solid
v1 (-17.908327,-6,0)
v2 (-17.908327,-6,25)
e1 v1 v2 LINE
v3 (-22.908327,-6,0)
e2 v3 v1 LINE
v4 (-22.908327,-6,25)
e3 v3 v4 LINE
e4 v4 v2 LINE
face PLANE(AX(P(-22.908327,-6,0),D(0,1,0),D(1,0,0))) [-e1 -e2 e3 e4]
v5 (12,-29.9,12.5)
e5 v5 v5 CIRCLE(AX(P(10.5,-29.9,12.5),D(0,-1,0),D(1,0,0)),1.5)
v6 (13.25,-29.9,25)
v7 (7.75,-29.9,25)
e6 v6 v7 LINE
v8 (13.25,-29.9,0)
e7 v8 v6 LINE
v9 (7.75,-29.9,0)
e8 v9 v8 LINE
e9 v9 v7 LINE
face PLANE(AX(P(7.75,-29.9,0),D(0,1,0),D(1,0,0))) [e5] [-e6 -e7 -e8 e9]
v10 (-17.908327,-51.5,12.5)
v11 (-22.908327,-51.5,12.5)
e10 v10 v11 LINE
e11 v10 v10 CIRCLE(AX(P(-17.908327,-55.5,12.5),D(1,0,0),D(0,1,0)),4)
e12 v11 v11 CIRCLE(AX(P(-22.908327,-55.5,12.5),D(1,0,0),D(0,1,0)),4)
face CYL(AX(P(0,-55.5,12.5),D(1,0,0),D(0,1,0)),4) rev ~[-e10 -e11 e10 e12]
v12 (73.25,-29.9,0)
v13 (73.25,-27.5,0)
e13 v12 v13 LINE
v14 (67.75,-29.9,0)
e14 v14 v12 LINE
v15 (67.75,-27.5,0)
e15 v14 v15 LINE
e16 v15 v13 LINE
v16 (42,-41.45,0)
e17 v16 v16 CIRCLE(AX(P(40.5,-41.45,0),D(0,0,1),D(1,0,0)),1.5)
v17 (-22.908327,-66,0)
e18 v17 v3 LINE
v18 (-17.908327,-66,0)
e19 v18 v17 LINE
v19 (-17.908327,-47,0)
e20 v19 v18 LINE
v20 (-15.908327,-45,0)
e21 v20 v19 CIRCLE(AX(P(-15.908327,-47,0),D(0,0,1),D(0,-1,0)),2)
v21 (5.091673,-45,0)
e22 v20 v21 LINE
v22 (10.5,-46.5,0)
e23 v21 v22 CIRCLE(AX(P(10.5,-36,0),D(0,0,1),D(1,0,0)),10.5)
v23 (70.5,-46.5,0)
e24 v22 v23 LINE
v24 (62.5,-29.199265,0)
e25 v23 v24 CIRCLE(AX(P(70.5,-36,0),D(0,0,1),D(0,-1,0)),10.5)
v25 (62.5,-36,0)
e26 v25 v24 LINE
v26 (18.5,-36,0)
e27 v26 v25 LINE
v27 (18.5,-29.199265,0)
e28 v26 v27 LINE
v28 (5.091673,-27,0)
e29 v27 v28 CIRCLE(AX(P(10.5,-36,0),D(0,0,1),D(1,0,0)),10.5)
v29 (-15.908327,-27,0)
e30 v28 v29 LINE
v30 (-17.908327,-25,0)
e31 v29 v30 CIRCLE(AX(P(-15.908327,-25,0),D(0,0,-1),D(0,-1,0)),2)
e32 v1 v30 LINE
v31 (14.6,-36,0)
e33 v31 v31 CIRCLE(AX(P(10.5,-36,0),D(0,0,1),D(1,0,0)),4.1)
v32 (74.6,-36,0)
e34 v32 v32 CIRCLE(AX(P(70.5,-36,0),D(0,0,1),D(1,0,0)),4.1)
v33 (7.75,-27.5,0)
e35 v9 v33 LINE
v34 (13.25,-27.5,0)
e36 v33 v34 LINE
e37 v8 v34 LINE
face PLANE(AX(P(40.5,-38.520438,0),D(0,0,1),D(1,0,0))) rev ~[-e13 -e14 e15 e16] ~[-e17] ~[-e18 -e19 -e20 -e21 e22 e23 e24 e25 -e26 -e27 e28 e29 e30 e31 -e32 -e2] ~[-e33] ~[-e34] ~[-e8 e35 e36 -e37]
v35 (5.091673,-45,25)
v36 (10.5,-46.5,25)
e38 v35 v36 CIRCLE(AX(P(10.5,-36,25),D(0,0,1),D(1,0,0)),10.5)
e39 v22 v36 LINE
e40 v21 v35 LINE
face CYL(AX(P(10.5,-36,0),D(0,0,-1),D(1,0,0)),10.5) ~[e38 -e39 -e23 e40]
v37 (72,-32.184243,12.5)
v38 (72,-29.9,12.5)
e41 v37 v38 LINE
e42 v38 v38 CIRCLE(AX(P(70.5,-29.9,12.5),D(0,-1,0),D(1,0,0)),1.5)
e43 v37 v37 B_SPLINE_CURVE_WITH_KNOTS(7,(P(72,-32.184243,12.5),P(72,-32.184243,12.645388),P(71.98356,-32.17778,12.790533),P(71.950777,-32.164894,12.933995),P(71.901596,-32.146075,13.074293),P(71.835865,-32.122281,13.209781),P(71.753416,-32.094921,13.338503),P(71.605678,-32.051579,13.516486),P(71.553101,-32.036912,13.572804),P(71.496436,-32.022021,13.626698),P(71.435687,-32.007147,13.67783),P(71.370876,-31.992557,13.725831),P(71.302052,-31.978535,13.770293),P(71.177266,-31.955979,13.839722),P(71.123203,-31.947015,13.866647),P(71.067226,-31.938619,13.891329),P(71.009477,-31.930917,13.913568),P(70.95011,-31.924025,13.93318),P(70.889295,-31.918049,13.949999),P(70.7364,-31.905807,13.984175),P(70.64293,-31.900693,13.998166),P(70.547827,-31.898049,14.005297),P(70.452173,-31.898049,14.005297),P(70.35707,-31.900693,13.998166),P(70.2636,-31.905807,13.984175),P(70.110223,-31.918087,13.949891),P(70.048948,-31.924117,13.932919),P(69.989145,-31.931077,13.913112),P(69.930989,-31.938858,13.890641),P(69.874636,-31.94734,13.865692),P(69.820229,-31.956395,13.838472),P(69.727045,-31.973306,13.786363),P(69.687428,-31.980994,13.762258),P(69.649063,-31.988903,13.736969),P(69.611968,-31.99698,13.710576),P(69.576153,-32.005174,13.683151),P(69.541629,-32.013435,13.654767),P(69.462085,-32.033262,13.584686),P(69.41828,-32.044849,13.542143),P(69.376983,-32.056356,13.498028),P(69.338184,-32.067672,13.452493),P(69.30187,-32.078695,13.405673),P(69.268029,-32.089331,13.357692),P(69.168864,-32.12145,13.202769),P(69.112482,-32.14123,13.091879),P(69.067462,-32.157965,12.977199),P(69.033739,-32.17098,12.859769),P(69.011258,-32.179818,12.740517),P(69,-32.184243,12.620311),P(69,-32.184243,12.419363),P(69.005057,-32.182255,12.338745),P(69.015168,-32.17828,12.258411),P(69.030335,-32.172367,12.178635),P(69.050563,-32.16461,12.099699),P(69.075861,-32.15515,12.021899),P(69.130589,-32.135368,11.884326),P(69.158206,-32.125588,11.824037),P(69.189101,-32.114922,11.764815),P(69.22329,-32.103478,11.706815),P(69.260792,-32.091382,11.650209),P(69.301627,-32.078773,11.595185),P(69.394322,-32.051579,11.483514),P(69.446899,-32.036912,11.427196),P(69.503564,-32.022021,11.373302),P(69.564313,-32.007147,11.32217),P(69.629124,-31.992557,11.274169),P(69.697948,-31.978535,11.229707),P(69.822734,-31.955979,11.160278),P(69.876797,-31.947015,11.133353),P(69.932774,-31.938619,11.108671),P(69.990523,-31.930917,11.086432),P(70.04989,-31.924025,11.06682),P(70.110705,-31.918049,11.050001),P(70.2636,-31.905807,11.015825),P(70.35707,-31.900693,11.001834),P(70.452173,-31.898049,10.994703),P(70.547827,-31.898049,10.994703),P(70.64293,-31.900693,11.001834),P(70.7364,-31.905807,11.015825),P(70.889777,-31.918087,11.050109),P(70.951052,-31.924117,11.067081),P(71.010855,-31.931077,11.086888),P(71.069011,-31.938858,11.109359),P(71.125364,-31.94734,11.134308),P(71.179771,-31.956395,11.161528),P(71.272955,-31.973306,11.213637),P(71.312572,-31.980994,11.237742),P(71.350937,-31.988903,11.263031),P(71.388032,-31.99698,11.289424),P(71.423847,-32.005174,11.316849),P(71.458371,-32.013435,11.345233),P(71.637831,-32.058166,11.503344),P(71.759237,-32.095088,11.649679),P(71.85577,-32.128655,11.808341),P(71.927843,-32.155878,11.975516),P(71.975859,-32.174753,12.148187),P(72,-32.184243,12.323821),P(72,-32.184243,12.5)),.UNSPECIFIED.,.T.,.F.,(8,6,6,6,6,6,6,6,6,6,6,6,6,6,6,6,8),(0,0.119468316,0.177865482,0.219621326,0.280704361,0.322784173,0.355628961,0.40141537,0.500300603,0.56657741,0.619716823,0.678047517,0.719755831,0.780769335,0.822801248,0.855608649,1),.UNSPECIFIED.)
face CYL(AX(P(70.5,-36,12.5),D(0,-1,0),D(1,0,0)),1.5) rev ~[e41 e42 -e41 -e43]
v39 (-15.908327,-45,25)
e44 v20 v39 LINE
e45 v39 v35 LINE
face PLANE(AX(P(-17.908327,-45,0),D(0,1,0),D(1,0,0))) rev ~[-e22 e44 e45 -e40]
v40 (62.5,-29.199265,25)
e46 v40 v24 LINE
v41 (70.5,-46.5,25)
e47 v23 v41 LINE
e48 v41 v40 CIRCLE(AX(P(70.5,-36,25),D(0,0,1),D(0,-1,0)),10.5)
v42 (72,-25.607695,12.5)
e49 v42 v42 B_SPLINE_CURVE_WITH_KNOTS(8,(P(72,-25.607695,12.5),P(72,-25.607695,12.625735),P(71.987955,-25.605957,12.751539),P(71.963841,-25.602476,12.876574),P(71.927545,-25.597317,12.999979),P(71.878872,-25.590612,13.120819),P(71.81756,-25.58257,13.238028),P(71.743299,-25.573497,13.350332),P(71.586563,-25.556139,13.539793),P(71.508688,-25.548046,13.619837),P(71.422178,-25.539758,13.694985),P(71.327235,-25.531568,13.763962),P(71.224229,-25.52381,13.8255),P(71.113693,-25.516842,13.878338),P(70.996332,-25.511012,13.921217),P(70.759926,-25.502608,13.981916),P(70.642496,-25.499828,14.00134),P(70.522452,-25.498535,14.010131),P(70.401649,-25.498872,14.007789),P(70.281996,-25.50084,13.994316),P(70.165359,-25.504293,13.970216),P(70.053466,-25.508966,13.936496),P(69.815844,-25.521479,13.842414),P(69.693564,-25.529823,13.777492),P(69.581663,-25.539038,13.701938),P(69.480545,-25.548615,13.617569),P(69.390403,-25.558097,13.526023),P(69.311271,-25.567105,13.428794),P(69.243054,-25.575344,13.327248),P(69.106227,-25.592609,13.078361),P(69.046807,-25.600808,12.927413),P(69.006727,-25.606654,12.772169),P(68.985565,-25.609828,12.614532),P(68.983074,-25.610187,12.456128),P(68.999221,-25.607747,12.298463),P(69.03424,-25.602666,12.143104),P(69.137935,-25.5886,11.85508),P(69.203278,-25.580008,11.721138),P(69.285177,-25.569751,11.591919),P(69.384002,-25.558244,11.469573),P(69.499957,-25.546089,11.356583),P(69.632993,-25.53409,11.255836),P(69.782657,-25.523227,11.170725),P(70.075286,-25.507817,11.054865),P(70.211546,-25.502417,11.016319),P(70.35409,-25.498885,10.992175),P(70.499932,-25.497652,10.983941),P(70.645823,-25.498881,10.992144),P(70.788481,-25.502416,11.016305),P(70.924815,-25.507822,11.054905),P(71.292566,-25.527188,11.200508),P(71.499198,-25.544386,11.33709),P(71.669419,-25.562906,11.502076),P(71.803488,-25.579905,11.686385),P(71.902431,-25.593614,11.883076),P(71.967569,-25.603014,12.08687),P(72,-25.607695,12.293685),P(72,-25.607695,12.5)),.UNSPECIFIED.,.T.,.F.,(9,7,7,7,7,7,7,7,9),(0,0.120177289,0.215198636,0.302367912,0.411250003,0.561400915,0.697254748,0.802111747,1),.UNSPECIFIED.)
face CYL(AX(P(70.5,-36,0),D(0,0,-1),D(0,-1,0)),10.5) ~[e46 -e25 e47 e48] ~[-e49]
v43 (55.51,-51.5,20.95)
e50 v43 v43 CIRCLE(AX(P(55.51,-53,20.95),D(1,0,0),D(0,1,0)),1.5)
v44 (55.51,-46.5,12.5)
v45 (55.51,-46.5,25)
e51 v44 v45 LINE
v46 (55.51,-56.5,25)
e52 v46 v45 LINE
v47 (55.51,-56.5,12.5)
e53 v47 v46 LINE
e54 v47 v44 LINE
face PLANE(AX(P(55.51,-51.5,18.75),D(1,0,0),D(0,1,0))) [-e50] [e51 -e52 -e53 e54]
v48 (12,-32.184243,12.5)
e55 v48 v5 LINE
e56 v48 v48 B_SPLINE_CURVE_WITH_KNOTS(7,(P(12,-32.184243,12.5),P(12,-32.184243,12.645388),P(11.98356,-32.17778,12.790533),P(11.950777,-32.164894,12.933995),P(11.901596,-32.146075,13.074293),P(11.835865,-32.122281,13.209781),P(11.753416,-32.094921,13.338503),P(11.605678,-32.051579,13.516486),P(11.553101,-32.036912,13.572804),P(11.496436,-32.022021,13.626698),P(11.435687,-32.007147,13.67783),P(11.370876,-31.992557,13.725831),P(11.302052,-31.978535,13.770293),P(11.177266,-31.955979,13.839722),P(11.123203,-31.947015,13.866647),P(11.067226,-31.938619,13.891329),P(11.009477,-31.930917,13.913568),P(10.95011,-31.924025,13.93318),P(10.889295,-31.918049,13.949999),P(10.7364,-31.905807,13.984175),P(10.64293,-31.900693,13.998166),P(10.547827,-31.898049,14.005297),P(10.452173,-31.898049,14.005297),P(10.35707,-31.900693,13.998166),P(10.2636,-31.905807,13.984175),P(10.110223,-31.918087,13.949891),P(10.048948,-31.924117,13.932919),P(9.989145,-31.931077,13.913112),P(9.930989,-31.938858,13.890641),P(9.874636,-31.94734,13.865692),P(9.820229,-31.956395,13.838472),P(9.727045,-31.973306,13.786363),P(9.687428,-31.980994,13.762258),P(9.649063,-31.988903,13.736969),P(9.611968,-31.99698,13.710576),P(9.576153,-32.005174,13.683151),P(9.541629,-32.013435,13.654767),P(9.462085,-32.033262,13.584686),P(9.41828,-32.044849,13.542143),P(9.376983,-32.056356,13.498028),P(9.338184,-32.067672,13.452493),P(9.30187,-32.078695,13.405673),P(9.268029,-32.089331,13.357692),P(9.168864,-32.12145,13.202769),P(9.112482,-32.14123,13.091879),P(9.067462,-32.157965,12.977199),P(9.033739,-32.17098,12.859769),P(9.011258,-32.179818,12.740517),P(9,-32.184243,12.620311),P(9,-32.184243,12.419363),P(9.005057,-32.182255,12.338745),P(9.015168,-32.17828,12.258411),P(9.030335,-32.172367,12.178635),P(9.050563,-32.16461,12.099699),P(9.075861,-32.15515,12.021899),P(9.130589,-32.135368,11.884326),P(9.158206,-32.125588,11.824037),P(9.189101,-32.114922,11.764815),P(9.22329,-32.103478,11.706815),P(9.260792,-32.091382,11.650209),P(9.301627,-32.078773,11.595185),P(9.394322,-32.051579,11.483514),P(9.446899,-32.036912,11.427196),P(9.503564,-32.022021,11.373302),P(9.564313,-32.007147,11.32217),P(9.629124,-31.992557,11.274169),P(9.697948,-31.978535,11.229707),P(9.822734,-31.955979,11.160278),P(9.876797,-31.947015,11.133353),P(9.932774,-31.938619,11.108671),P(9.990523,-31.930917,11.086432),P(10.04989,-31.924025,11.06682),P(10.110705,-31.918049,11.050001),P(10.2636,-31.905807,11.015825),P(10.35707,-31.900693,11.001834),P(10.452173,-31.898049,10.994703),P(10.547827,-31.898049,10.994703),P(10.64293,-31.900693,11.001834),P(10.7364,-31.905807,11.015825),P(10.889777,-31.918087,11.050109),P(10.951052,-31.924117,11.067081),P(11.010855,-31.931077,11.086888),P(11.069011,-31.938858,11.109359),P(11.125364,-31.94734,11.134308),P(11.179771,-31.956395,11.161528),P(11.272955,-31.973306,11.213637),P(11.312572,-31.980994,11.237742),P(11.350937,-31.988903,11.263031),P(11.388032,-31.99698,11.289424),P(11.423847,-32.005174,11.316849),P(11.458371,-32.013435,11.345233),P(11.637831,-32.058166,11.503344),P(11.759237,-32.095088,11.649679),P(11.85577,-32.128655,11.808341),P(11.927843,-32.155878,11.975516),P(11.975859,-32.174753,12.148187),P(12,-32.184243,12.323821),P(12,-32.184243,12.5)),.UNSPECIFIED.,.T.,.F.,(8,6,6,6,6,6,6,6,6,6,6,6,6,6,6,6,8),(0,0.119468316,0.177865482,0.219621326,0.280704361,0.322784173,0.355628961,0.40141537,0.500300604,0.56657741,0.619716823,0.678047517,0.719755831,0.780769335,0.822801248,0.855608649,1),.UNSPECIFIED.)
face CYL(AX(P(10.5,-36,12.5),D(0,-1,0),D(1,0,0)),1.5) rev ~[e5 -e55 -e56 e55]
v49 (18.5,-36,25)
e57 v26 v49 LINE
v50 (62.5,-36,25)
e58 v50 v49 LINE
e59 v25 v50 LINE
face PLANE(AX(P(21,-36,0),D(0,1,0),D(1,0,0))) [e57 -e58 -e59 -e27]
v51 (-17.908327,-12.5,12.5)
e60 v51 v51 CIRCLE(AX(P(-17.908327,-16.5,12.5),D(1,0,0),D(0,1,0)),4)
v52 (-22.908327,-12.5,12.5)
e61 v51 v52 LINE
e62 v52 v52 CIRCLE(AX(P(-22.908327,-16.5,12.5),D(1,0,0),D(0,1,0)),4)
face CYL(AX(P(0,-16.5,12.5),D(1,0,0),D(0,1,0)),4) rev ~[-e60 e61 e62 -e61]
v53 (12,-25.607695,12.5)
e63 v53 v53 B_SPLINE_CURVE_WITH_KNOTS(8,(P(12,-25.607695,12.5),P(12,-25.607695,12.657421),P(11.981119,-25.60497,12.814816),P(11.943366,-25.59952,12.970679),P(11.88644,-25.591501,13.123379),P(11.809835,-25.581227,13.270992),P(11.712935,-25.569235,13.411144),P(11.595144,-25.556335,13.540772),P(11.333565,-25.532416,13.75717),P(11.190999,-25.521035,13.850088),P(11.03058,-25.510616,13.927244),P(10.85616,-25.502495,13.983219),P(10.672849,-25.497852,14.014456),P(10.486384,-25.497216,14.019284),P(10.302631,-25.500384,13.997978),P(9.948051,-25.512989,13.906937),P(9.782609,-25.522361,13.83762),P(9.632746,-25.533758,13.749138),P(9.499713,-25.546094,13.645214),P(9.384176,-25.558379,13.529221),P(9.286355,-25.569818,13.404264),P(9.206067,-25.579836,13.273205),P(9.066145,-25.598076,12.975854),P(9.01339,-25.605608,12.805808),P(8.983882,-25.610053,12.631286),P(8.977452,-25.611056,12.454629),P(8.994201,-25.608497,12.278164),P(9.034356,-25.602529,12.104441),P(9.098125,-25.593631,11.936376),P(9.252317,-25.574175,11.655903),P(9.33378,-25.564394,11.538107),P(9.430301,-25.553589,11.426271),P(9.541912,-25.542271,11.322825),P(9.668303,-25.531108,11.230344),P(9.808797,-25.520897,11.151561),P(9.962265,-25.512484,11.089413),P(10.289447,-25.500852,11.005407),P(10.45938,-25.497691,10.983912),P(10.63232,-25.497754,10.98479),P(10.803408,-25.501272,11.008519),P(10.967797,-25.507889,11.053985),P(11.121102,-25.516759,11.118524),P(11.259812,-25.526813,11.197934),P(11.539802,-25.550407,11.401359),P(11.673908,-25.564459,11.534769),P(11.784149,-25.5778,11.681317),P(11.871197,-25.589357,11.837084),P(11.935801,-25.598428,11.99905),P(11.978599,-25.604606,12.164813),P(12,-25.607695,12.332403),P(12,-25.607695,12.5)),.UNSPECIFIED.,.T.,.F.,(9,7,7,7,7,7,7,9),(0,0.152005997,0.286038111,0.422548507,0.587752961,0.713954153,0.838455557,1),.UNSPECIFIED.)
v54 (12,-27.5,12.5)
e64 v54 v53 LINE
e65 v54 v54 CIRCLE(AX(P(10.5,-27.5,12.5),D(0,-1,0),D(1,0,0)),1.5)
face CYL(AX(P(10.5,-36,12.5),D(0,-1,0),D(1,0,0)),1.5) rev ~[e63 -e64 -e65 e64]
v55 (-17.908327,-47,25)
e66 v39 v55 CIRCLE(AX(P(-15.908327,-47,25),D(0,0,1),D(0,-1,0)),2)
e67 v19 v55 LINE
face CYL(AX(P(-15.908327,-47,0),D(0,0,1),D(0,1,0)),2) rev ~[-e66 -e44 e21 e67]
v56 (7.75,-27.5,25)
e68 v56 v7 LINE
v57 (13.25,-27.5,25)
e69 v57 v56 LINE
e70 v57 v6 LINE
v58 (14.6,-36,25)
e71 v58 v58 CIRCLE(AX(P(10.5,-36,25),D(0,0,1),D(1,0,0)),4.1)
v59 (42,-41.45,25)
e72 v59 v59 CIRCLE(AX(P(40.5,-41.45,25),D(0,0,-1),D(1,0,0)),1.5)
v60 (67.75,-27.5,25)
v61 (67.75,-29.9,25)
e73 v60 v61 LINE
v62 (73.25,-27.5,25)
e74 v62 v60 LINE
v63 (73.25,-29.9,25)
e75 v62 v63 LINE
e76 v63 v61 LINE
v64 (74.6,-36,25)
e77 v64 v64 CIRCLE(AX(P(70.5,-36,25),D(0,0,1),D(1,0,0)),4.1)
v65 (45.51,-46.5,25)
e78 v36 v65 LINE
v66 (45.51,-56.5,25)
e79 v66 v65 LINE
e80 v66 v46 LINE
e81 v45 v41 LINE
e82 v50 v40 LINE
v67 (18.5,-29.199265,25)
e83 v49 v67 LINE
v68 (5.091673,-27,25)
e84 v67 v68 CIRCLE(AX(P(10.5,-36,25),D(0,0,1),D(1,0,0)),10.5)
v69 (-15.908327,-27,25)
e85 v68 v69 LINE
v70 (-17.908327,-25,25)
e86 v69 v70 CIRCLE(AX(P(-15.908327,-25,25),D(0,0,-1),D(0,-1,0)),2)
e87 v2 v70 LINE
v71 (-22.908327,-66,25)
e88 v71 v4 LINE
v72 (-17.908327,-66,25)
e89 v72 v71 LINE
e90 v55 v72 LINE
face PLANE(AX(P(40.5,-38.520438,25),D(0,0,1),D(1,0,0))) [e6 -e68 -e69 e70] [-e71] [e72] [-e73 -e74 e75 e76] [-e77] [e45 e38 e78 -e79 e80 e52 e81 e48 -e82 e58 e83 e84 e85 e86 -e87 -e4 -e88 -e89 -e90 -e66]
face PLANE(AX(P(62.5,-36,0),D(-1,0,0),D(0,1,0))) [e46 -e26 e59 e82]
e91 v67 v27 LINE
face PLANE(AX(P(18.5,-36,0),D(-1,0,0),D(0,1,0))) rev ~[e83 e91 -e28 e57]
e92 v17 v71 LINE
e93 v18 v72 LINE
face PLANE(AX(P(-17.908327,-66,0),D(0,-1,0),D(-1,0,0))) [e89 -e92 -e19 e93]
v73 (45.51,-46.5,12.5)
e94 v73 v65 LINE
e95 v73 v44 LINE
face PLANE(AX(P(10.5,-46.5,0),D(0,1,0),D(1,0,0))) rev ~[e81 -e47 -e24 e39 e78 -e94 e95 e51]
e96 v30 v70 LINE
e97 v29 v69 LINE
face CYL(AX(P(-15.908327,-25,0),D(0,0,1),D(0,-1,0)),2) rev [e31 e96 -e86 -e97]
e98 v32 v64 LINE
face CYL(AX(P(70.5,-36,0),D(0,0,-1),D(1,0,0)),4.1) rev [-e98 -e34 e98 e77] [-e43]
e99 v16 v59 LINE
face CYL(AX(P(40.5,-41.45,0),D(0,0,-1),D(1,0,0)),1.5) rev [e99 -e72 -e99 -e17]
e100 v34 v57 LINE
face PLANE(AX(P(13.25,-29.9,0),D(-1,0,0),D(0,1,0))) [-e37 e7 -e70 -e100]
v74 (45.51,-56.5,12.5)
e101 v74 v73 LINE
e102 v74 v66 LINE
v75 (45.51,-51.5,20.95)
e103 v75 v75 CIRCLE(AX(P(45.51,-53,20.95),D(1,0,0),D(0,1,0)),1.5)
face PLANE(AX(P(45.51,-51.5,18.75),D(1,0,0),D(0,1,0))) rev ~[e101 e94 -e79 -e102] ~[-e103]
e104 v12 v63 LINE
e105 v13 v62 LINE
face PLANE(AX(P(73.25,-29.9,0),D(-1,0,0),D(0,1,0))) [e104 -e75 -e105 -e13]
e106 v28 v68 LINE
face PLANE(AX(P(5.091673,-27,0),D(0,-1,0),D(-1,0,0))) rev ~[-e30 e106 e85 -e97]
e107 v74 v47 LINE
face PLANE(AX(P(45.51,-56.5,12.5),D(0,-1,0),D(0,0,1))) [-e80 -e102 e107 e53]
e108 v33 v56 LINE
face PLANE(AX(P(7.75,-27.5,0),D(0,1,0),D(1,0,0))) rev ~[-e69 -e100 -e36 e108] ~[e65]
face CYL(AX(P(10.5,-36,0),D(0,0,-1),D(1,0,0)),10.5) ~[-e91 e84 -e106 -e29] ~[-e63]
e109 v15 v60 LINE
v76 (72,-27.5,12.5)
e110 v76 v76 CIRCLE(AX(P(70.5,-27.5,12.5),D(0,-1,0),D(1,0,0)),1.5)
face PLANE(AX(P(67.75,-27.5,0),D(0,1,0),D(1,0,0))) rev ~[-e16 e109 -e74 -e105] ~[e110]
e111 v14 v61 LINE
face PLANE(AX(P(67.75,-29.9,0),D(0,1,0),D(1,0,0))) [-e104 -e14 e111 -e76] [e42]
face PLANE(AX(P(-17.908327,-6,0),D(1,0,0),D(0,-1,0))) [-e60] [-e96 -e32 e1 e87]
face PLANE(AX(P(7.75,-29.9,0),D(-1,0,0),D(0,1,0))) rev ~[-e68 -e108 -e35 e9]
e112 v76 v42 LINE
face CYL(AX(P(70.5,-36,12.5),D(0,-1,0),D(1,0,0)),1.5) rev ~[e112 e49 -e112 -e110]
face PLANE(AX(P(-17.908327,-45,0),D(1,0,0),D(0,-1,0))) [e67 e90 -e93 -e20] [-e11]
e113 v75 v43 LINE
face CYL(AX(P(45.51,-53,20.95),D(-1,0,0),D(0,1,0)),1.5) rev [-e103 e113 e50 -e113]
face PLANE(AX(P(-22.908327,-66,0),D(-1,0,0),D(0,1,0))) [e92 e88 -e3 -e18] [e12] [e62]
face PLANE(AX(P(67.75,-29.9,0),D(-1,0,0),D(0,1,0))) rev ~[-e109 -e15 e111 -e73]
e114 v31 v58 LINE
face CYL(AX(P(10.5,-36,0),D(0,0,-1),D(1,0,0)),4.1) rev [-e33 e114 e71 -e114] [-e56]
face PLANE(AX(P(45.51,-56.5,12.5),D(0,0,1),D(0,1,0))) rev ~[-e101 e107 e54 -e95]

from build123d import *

# Parameters (mm, degrees)
SKETCH005_R          = 4.1
PAD004_DEPTH         = 25
SKETCH010_W          = 44
SKETCH010_H          = 50
POCKET003_DEPTH      = 25
PAD008_DEPTH         = 25
SKETCH018_W          = 10
SKETCH018_H          = 12.5
SKETCH018_R          = 1.5
PAD009_DEPTH         = 10
SKETCH019_R          = 1.5
POCKET009_DEPTH      = 0.001
POCKET009_DEPTH_BACK = 25.001
SKETCH020_W          = 5.5
SKETCH020_H          = 2.4
POCKET010_DEPTH      = 0.001
POCKET010_DEPTH_BACK = 25.001
SKETCH021_R          = 1.5
POCKET011_DEPTH      = 30.001
SKETCH043_R          = 4
POCKET027_DEPTH      = 22.9093269132
FILLET_R             = 2


with BuildPart() as part:
    # Sketch005 → Pad004 (new body)
    with BuildSketch(Plane.XY):
        with BuildLine():
            ThreePointArc((21, 0), (3.0753787975, 7.4246212025), (10.5, -10.5))
            Line((10.5, -10.5), (70.5, -10.5))
            ThreePointArc((70.5, -10.5), (77.9246212025, 7.4246212025), (60, 0))
            Line((21, 0), (60, 0))
        make_face()
        with Locations((10.5, 0)):
            Circle(SKETCH005_R, mode=Mode.SUBTRACT)
        with Locations((70.5, 0)):
            Circle(SKETCH005_R, mode=Mode.SUBTRACT)
    extrude(amount=PAD004_DEPTH)

    # Sketch010 → Pocket003 (cut)
    with BuildSketch(Plane.XY):
        with Locations((40.5, 25)):
            Rectangle(SKETCH010_W, SKETCH010_H)
    extrude(amount=POCKET003_DEPTH, mode=Mode.SUBTRACT)

    # Sketch017 → Pad008 (join)
    with BuildSketch(Plane.XY):
        with BuildLine():
            Line((5.0916730868, 9), (-17.9083269132, 9))
            Line((-17.9083269132, 30), (-17.9083269132, 9))
            Line((-22.9083269132, 30), (-17.9083269132, 30))
            Line((-22.9083269132, -30), (-22.9083269132, 30))
            Line((-17.9083269132, -30), (-22.9083269132, -30))
            Line((-17.9083269132, -9), (-17.9083269132, -30))
            Line((-17.9083269132, -9), (5.0916730868, -9))
            ThreePointArc((5.0916730868, 9), (0, 0), (5.0916730868, -9))
        make_face()
    extrude(amount=PAD008_DEPTH)

    # Sketch018 → Pad009 (join)
    with BuildSketch(Plane.YZ.offset(45.51)):
        with Locations((-15.5, 18.75)):
            Rectangle(SKETCH018_W, SKETCH018_H)
        with Locations((-17, 20.95)):
            Circle(SKETCH018_R, mode=Mode.SUBTRACT)
    extrude(amount=PAD009_DEPTH)

    # Sketch019 → Pocket009 (cut, two sides)
    with BuildSketch(Plane.XY) as pocket009_sk:
        with Locations((40.5, -5.45)):
            Circle(SKETCH019_R)
    extrude(amount=-POCKET009_DEPTH, mode=Mode.SUBTRACT)
    extrude(pocket009_sk.sketch, amount=POCKET009_DEPTH_BACK, mode=Mode.SUBTRACT)

    # Sketch020 → Pocket010 (cut, two sides)
    with BuildSketch(Plane.XY) as pocket010_sk:
        with Locations((10.5, 7.3)):
            Rectangle(SKETCH020_W, SKETCH020_H)
        with Locations((70.5, 7.3)):
            Rectangle(SKETCH020_W, SKETCH020_H)
    extrude(amount=-POCKET010_DEPTH, mode=Mode.SUBTRACT)
    extrude(pocket010_sk.sketch, amount=POCKET010_DEPTH_BACK, mode=Mode.SUBTRACT)

    # Sketch021 → Pocket011 (cut, through all)
    with BuildSketch(Plane.XZ):
        with Locations((10.5, 12.5)):
            Circle(SKETCH021_R)
        with Locations((70.5, 12.5)):
            Circle(SKETCH021_R)
    extrude(amount=-POCKET011_DEPTH, mode=Mode.SUBTRACT)

    # Sketch043 → Pocket027 (cut, through all)
    with BuildSketch(Plane.YZ):
        with Locations((-19.5, 12.5)):
            Circle(SKETCH043_R)
        with Locations((19.5, 12.5)):
            Circle(SKETCH043_R)
    extrude(amount=-POCKET027_DEPTH, mode=Mode.SUBTRACT)

    # Fillet
    fillet_edges = [part.edges().sort_by_distance(p)[0] for p in [
        (-17.908327, 9, 12.5),
        (-17.908327, -9, 12.5),
    ]]
    fillet(fillet_edges, radius=FILLET_R)


with BuildPart() as part_1:
    # Body004 placement: moved
    add(part.part.moved(Location((0, -36, 0))))


solid = part_1.part
